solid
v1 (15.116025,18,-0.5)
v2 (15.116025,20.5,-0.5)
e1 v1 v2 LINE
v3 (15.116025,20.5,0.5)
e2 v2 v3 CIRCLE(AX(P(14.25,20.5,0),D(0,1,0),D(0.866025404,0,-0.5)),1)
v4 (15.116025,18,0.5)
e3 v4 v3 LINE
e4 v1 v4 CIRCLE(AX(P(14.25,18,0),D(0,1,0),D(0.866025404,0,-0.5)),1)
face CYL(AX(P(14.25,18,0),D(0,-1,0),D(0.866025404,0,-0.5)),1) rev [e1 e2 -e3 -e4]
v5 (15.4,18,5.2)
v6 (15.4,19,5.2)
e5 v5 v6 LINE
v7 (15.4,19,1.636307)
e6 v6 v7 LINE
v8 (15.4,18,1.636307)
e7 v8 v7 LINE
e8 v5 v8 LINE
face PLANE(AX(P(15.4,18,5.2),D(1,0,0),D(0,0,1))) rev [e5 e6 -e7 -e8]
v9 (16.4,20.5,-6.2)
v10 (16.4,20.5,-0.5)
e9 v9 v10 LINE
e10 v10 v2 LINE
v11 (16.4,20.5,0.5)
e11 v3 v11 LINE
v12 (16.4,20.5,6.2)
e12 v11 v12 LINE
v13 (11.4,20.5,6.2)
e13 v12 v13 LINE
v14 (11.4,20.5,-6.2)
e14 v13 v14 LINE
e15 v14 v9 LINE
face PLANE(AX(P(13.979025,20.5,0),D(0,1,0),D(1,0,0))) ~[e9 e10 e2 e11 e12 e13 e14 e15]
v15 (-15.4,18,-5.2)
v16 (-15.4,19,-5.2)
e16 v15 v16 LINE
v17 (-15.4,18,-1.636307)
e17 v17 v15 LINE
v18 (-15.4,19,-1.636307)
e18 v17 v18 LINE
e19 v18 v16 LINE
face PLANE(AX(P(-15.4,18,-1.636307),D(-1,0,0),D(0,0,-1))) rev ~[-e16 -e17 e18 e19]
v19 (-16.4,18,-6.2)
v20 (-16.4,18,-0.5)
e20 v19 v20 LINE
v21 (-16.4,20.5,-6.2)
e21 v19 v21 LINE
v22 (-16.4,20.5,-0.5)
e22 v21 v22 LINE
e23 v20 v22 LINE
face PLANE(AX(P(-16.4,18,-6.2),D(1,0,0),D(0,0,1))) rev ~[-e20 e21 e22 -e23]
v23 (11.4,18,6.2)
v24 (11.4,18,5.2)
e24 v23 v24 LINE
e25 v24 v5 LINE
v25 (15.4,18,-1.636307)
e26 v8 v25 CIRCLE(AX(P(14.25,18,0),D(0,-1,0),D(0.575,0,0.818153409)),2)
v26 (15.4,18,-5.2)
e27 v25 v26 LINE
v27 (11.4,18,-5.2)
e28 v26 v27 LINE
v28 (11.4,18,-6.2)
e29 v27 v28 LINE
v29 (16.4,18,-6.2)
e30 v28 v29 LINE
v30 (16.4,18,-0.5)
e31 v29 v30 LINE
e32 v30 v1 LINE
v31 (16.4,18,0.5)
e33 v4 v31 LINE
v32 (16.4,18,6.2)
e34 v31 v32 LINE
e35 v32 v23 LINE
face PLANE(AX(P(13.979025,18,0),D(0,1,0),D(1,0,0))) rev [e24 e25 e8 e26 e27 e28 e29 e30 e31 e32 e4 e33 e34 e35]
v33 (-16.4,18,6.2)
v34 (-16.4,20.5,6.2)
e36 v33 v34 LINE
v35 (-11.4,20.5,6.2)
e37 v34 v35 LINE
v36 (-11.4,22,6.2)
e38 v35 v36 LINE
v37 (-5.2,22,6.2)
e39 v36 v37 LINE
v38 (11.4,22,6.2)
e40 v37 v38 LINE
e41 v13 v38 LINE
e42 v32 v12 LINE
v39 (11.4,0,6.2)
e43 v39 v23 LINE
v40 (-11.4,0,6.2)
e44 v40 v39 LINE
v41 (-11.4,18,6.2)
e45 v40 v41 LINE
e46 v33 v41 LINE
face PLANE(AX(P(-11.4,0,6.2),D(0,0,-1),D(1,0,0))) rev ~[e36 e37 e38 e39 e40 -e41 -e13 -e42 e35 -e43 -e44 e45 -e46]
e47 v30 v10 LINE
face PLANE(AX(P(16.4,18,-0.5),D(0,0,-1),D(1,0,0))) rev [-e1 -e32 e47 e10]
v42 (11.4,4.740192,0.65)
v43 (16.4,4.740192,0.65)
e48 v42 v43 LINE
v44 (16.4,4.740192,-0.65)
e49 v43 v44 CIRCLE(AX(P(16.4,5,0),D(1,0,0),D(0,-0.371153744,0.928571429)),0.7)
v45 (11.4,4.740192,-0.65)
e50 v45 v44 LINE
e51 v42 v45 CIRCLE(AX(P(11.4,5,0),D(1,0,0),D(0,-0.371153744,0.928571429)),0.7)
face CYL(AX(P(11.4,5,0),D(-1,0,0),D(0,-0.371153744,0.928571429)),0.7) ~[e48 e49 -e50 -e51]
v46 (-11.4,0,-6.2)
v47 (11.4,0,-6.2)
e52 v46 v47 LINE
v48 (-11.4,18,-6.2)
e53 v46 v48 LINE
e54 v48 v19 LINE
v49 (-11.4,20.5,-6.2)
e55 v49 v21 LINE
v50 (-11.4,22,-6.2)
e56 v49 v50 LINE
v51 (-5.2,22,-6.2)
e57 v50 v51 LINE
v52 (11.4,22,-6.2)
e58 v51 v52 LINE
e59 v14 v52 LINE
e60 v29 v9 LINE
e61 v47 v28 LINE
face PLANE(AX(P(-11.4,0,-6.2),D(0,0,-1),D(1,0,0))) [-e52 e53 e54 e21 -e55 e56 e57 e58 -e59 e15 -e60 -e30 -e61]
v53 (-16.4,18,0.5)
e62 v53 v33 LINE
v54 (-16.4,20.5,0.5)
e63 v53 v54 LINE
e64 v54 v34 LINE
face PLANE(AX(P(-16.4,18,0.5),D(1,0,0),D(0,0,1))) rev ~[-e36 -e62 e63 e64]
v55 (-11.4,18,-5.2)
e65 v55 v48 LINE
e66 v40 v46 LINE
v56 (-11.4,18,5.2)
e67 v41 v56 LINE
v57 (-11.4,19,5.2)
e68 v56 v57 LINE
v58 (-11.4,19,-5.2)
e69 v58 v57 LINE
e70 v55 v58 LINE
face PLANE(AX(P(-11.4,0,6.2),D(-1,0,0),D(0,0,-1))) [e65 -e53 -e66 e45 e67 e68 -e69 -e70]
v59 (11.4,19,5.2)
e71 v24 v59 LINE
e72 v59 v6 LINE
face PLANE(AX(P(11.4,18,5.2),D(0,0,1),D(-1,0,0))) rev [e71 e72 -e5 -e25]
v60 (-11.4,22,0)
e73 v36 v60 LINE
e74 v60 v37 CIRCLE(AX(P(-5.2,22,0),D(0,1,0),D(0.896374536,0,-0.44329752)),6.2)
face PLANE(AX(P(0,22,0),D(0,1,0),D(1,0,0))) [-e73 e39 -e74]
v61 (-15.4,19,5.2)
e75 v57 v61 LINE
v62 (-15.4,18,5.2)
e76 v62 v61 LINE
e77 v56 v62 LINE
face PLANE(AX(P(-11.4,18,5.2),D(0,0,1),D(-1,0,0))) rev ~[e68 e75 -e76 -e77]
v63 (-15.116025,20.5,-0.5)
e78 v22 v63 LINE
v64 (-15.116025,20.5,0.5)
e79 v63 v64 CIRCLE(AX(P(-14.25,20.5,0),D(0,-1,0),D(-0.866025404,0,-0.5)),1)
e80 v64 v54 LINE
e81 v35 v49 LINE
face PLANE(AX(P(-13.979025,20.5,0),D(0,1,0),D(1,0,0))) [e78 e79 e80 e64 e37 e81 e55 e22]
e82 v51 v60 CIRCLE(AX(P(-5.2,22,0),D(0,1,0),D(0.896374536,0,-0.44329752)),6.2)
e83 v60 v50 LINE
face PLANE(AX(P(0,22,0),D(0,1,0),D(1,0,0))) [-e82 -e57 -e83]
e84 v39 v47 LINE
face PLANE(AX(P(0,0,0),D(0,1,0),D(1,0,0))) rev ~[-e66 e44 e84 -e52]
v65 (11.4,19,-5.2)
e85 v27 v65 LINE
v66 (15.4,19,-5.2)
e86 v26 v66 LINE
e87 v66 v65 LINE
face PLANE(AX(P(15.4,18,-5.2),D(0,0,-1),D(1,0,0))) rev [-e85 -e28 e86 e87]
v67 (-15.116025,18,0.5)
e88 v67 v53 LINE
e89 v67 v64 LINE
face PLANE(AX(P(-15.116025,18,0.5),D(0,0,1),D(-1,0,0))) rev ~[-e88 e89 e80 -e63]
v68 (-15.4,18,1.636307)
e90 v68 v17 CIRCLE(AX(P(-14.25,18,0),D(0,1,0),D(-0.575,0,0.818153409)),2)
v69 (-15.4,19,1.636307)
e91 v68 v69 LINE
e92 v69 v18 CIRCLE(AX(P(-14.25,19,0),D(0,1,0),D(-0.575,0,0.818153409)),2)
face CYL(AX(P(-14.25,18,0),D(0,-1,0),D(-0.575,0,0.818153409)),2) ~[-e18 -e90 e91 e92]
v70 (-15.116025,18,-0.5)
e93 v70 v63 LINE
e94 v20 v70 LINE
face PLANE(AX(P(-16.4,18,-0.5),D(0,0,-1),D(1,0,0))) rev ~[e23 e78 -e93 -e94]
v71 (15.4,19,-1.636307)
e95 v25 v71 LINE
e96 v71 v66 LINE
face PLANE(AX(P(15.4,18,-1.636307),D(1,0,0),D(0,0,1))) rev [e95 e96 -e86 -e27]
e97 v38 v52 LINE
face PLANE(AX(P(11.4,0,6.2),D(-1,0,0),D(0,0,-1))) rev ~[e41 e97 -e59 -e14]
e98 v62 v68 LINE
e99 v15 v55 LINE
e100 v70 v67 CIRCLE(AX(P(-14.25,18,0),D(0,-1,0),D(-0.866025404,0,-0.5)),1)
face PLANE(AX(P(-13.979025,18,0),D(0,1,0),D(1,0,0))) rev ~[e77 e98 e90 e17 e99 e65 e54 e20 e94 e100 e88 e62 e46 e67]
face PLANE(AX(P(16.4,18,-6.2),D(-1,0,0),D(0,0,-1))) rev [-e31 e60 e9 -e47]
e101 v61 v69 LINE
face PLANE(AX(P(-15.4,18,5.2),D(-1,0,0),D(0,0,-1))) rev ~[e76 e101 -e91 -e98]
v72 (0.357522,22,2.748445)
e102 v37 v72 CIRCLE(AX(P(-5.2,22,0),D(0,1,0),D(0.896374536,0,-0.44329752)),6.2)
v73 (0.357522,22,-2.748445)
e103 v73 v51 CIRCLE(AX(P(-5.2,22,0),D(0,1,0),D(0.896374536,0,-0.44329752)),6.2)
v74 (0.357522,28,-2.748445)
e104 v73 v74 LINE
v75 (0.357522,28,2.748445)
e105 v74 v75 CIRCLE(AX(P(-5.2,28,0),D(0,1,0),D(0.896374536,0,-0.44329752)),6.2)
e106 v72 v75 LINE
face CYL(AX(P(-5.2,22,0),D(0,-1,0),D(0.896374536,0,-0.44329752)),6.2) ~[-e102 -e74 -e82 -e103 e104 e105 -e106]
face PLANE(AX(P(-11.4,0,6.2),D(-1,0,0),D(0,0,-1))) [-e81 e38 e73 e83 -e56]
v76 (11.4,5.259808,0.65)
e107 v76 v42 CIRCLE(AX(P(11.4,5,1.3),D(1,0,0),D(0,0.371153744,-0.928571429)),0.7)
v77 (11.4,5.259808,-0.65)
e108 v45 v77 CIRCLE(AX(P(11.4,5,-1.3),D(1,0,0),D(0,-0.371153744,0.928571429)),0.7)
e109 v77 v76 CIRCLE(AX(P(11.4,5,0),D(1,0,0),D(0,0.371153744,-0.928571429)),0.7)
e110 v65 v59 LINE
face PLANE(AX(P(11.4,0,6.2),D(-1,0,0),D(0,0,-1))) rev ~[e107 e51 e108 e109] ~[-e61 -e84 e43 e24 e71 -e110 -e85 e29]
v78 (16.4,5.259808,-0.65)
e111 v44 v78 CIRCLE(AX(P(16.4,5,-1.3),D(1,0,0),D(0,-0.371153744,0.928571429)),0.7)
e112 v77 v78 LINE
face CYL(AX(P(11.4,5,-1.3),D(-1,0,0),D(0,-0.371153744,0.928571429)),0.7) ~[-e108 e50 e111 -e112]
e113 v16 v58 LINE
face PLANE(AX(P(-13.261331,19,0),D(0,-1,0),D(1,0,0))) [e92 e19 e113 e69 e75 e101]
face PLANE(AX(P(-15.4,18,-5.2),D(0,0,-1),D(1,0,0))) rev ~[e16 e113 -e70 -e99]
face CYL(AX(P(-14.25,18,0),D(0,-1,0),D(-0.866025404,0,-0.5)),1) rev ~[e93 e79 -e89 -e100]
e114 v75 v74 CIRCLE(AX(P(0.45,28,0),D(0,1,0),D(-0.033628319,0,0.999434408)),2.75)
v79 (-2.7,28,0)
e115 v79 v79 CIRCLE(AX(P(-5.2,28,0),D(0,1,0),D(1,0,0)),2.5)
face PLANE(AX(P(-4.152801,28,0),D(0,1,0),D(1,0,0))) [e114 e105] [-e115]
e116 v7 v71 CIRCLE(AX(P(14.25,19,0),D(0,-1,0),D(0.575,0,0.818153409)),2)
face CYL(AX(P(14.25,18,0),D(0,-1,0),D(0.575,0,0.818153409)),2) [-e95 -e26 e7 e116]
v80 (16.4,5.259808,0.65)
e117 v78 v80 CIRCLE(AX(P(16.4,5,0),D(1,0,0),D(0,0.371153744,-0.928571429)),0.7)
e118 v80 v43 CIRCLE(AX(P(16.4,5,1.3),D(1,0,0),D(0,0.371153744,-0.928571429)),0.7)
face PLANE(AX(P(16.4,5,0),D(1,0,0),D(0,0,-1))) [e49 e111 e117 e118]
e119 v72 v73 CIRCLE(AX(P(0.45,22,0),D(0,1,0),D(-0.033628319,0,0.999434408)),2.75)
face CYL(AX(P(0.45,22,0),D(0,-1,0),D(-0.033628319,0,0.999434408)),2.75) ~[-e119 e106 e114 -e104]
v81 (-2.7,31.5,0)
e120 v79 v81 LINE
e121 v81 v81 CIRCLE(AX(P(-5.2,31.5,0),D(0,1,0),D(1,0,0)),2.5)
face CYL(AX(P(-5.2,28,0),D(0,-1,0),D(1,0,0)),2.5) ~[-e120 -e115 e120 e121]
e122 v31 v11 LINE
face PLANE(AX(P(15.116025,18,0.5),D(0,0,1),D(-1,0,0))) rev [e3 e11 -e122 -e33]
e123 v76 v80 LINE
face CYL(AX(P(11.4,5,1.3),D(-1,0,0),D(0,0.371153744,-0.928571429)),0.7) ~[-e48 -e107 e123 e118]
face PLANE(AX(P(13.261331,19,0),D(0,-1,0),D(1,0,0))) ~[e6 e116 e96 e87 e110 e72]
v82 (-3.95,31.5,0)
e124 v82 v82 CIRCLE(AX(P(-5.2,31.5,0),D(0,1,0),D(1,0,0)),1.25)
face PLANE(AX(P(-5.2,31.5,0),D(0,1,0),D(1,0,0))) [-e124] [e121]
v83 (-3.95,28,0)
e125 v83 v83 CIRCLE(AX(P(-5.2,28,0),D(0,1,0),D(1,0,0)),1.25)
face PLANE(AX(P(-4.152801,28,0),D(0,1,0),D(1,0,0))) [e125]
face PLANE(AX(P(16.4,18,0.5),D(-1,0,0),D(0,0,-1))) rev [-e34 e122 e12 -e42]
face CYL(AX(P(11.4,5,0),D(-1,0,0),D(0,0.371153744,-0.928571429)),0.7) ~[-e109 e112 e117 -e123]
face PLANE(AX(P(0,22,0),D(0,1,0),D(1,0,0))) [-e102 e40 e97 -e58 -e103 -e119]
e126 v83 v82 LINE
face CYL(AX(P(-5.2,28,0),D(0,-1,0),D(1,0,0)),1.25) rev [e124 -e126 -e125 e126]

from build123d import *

# Parameters (mm, degrees)
SKETCH1_W           = 22.8
SKETCH1_H           = 12.4
BOSS_EXTRUDE1_DEPTH = 22
BOSS_EXTRUDE3_DEPTH = 6
SKETCH3_R           = 2.5
SKETCH3_R_2         = 1.25
BOSS_EXTRUDE4_DEPTH = 3.5
BOSS_EXTRUDE5_DEPTH = 2.5
CUT_EXTRUDE1_DEPTH  = 1
BOSS_EXTRUDE6_DEPTH = 5


with BuildPart() as part:
    # Sketch1 → Boss-Extrude1 (new body)
    with BuildSketch(Plane(origin=(0, 0, 0), x_dir=(1, 0, 0), z_dir=(0, 1, 0))):
        Rectangle(SKETCH1_W, SKETCH1_H)
    extrude(amount=BOSS_EXTRUDE1_DEPTH)

    # Sketch2 → Boss-Extrude3 (add)
    with BuildSketch(Plane(origin=(0, 22, 0), x_dir=(1, 0, 0), z_dir=(0, 1, 0))):
        with BuildLine():
            ThreePointArc((0.357522124, 2.748444622), (-11.4, 0), (0.357522124, -2.748444622))
            ThreePointArc((0.357522124, -2.748444622), (3.2, 0), (0.357522124, 2.748444622))
        make_face()
    extrude(amount=BOSS_EXTRUDE3_DEPTH)

    # Sketch3 → Boss-Extrude4 (add)
    with BuildSketch(Plane(origin=(0, 28, 0), x_dir=(1, 0, 0), z_dir=(0, 1, 0))):
        with Locations((-5.2, 0)):
            Circle(SKETCH3_R)
        with Locations((-5.2, 0)):
            Circle(SKETCH3_R_2, mode=Mode.SUBTRACT)
    extrude(amount=BOSS_EXTRUDE4_DEPTH)

    # Sketch4 → Boss-Extrude5 (add)
    with BuildSketch(Plane(origin=(0, 18, 0), x_dir=(1, 0, 0), z_dir=(0, 1, 0))):
        with BuildLine():
            Line((-16.4, -0.5), (-16.4, -6.2))
            Line((-16.4, -6.2), (-11.4, -6.2))
            Line((-11.4, -6.2), (-11.4, 6.2))
            Line((-11.4, 6.2), (-16.4, 6.2))
            Line((-16.4, 6.2), (-16.4, 0.5))
            Line((-16.4, 0.5), (-15.116025404, 0.5))
            ThreePointArc((-15.116025404, 0.5), (-13.25, 0), (-15.116025404, -0.5))
            Line((-15.116025404, -0.5), (-16.4, -0.5))
        make_face()
    boss_extrude5 = extrude(amount=BOSS_EXTRUDE5_DEPTH)

    # Sketch5 → Cut-Extrude1 (cut)
    with BuildSketch(Plane.XZ.offset(-18)):
        with BuildLine():
            Line((-11.4, -5.2), (-11.4, 5.2))
            Line((-11.4, 5.2), (-15.4, 5.2))
            Line((-15.4, 5.2), (-15.4, 1.636306817))
            ThreePointArc((-15.4, 1.636306817), (-12.25, 0), (-15.4, -1.636306817))
            Line((-15.4, -1.636306817), (-15.4, -5.2))
            Line((-15.4, -5.2), (-11.4, -5.2))
        make_face()
    cut_extrude1 = extrude(amount=-CUT_EXTRUDE1_DEPTH, mode=Mode.SUBTRACT)

    # Mirror1: Boss-Extrude5, Cut-Extrude1 across plane
    add(boss_extrude5.mirror(Plane(origin=(0, 0, 0), x_dir=(0, 0, 1), z_dir=(1, 0, 0))))
    add(cut_extrude1.mirror(Plane(origin=(0, 0, 0), x_dir=(0, 0, 1), z_dir=(1, 0, 0))), mode=Mode.SUBTRACT)

    # Sketch6 → Boss-Extrude6 (add)
    with BuildSketch(Plane(origin=(11.4, 0, 0), x_dir=(0, 0, -1), z_dir=(1, 0, 0))):
        with BuildLine():
            ThreePointArc((-0.65, 4.740192379), (0, 4.3), (0.65, 4.740192379))
            ThreePointArc((0.65, 4.740192379), (2, 5), (0.65, 5.259807621))
            ThreePointArc((0.65, 5.259807621), (0, 5.7), (-0.65, 5.259807621))
            ThreePointArc((-0.65, 5.259807621), (-2, 5), (-0.65, 4.740192379))
        make_face()
    extrude(amount=BOSS_EXTRUDE6_DEPTH)


solid = part.part
